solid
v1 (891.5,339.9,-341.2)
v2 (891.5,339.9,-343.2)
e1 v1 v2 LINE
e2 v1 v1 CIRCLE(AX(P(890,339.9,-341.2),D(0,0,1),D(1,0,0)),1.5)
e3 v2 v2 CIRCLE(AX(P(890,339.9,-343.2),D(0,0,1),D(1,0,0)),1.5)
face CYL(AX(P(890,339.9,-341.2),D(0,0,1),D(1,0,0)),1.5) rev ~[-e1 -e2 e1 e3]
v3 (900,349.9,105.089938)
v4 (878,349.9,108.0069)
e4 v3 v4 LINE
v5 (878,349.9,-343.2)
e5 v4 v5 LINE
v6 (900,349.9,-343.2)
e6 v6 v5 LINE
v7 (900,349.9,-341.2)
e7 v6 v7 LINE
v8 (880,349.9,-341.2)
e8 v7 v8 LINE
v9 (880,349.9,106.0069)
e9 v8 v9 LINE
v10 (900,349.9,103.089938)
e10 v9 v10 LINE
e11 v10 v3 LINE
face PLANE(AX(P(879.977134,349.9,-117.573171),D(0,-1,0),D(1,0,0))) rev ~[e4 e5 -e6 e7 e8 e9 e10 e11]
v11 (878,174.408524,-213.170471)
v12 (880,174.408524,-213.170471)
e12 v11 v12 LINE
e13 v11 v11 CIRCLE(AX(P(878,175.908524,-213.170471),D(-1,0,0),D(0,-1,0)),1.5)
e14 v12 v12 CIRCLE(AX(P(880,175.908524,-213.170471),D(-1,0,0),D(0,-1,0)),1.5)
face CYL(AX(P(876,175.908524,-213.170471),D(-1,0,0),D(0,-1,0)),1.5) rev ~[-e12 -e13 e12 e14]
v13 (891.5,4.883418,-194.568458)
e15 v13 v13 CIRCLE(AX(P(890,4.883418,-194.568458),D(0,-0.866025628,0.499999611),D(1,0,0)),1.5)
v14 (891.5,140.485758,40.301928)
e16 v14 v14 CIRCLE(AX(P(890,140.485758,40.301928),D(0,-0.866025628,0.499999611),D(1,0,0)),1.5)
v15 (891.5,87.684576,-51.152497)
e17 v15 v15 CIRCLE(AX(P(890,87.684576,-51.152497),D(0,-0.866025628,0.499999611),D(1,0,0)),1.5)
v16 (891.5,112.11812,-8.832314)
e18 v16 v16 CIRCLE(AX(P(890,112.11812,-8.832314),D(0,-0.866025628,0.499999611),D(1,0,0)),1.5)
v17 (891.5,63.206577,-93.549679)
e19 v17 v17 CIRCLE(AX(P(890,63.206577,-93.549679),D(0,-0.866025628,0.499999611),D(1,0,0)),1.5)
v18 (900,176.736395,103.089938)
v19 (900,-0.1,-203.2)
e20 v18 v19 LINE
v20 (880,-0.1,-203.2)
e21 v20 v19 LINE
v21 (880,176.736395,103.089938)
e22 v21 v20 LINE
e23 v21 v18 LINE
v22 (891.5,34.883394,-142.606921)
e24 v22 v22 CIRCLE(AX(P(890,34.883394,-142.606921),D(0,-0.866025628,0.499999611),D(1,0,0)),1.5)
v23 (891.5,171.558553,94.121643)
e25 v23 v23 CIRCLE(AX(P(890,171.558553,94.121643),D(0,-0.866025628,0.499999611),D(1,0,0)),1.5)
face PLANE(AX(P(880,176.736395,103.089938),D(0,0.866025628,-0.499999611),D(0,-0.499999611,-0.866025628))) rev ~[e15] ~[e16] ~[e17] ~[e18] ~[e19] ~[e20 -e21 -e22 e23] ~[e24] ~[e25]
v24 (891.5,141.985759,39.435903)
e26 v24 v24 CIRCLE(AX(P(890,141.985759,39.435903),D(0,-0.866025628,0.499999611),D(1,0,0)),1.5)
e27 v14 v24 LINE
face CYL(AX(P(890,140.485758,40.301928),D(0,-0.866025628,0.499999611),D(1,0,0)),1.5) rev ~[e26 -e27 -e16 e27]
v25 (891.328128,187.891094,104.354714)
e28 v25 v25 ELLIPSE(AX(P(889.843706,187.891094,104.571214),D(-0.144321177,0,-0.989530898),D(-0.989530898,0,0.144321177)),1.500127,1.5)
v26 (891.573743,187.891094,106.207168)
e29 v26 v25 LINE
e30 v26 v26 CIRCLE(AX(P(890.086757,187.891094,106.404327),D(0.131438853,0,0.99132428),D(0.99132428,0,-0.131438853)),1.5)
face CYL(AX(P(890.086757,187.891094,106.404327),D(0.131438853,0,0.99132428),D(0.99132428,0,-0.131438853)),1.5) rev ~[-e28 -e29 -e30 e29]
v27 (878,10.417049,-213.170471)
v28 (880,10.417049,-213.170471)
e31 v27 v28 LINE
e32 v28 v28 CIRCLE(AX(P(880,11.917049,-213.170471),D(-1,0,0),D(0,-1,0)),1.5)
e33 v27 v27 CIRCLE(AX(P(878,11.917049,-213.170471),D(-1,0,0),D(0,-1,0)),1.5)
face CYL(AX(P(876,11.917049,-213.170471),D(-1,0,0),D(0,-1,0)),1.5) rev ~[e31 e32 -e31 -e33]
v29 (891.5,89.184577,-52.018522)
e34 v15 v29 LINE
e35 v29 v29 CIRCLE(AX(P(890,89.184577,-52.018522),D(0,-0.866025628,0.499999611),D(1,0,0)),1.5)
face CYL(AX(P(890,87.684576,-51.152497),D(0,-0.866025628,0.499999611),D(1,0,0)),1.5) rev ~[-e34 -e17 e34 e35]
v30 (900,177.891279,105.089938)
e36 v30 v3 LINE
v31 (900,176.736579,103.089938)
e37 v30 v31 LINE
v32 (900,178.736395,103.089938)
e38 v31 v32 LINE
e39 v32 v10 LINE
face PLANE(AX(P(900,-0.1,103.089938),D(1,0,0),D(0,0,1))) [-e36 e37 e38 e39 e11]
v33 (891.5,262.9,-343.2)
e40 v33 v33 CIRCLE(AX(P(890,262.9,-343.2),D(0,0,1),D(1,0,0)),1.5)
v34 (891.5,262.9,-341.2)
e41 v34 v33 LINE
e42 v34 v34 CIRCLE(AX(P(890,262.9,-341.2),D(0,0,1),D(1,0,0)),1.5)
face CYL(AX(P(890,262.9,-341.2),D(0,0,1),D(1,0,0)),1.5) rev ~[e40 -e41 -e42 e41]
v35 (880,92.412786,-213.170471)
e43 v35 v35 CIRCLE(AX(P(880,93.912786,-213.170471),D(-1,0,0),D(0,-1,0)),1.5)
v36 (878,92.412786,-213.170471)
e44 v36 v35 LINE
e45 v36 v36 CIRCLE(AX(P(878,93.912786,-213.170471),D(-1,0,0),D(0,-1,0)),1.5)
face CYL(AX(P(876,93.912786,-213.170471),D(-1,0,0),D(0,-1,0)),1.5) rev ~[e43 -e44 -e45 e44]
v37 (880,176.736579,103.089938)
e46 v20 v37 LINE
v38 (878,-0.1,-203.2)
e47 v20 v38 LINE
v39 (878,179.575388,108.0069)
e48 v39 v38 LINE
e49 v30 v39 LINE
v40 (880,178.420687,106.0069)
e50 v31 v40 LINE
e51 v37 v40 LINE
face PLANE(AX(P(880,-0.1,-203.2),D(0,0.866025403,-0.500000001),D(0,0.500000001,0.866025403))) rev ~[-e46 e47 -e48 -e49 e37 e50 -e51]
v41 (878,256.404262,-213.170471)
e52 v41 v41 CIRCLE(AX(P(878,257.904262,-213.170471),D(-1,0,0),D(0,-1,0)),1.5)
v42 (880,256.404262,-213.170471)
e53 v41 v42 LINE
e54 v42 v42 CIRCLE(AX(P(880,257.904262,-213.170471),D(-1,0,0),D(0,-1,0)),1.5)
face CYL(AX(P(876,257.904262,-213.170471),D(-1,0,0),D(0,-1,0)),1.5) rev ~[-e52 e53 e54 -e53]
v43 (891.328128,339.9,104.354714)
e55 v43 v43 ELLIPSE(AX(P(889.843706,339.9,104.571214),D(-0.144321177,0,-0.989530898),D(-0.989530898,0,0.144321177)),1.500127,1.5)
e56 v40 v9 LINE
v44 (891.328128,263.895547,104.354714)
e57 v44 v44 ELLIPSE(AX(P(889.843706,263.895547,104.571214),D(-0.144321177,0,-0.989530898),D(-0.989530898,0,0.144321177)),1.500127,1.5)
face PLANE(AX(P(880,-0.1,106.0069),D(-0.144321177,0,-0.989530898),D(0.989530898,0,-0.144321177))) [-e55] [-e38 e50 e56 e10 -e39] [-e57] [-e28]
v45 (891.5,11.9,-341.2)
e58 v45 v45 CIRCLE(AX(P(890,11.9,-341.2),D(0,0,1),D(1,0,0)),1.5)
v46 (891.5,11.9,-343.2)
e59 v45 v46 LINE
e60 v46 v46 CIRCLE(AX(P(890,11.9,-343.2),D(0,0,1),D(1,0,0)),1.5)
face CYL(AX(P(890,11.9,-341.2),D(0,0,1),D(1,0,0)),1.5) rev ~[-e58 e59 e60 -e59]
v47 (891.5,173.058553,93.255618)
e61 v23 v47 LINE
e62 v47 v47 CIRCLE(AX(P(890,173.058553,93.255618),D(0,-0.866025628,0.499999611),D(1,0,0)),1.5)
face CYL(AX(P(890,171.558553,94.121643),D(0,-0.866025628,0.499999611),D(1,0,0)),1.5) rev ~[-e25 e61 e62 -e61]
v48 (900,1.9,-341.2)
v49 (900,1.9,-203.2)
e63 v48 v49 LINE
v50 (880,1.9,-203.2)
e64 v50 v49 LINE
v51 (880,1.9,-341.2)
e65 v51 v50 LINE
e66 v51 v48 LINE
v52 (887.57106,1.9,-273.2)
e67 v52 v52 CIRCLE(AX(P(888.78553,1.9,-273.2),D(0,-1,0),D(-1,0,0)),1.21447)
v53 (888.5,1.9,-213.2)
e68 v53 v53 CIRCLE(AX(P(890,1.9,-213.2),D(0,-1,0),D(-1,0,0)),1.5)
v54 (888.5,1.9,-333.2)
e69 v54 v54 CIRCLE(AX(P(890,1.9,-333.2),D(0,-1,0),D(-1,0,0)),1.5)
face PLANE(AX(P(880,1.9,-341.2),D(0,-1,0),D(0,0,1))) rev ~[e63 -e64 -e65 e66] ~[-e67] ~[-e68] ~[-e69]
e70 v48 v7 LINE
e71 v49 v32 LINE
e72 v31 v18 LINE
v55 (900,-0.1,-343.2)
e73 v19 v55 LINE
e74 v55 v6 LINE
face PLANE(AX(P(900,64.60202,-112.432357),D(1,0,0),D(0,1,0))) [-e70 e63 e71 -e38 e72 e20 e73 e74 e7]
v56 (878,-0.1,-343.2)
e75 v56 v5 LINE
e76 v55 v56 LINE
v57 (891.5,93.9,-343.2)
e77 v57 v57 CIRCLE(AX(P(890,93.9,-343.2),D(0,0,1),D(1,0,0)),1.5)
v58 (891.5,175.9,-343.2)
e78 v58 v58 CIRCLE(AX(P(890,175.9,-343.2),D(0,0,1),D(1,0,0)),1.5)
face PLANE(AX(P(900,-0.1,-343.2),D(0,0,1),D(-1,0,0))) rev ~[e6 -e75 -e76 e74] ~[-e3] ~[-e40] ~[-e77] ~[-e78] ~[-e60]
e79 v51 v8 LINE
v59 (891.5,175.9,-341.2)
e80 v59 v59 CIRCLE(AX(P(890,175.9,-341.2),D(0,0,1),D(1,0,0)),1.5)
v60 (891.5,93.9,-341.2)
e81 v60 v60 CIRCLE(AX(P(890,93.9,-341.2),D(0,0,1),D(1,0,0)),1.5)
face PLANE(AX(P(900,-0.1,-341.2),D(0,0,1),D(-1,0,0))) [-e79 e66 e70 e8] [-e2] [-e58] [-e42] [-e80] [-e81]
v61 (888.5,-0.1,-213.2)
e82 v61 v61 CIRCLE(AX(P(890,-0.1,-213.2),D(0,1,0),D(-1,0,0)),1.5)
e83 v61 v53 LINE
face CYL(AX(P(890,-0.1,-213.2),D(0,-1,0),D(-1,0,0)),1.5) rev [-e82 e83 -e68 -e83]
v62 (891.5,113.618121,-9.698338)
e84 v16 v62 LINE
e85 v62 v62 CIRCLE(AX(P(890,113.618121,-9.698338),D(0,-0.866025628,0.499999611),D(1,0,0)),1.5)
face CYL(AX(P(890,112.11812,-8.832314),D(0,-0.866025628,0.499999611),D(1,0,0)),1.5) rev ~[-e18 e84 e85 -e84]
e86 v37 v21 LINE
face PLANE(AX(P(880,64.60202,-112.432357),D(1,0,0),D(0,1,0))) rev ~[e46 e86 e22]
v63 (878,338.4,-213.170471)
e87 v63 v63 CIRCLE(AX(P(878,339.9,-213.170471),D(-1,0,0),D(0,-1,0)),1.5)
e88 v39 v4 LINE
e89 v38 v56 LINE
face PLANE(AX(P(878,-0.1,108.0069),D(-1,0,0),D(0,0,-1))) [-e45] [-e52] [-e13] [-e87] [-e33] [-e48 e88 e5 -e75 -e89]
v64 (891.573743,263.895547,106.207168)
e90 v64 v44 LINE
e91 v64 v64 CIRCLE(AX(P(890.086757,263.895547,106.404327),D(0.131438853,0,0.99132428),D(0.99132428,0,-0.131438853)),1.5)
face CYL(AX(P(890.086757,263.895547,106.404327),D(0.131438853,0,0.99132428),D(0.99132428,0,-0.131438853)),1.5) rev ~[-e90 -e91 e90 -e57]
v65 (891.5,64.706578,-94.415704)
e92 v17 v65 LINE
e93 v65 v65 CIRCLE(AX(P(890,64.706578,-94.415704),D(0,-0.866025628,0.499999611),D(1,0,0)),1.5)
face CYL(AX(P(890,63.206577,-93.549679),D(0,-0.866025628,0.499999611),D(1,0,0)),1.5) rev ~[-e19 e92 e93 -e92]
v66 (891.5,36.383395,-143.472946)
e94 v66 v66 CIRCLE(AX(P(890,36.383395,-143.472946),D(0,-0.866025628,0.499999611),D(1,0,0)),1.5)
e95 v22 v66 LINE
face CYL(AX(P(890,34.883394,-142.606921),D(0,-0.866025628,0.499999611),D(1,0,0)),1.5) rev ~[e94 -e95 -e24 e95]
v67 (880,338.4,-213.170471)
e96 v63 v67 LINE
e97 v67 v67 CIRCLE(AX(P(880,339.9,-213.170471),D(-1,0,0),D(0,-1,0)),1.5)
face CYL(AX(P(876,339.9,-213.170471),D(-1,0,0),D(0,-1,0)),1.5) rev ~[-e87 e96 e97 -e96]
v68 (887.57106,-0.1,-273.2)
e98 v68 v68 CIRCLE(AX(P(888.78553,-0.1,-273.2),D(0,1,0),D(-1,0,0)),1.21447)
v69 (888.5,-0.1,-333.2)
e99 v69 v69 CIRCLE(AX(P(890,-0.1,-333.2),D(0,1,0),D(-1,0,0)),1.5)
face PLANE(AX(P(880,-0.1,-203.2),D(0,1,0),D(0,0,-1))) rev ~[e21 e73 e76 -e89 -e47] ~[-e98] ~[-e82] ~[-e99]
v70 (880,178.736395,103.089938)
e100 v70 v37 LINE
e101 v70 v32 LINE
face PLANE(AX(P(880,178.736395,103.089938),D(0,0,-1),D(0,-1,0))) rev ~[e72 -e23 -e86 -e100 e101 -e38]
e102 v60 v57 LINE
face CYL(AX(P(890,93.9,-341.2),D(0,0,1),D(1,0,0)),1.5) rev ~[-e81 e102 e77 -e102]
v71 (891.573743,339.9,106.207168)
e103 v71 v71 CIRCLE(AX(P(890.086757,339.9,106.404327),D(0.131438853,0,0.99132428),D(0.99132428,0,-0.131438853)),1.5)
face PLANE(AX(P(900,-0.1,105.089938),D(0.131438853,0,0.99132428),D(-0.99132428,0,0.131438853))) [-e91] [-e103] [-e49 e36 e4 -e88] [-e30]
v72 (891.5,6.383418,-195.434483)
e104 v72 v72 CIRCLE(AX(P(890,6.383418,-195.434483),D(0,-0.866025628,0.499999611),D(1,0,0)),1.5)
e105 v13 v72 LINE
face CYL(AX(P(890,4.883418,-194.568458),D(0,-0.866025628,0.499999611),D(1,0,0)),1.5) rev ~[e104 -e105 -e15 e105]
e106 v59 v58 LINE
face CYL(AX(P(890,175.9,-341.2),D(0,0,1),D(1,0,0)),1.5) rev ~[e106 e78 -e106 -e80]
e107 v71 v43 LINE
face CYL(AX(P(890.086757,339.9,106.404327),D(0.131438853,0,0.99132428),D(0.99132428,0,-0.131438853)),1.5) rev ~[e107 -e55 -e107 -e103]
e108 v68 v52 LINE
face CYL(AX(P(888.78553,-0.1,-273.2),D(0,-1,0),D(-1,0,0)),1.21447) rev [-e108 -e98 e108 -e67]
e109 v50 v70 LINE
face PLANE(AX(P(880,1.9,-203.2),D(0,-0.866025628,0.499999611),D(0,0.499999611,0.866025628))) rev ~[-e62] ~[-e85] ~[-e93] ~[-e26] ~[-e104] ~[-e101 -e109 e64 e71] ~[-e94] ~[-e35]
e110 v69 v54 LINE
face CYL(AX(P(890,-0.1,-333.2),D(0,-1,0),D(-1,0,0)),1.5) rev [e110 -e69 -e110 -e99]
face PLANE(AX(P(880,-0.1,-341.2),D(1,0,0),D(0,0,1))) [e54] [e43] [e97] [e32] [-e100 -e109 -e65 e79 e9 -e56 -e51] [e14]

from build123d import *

# Parameters (mm, degrees)
PAD007_DEPTH         = 350
POCKET009_DEPTH      = 2.001
POCKET009_DEPTH_BACK = 20.001
PAD008_DEPTH         = 20
SKETCH023_R          = 1.5
SKETCH023_R_2        = 1.21447
POCKET010_DEPTH      = 3
SKETCH024_R          = 1.5
POCKET011_DEPTH      = 5
SKETCH025_R          = 1.5
POCKET012_DEPTH      = 5
SKETCH026_R          = 1.5
POCKET013_DEPTH      = 5
SKETCH070_R          = 1.5
POCKET046_DEPTH      = 5


with BuildPart() as part:
    # Sketch020 (on Face1 of Binder004) → Pad007 (new body)
    with BuildSketch(Plane(origin=(0, -4.1, 0), x_dir=(-1, 0, 0), z_dir=(0, 1, 0))):
        Polygon((-1160, -341.2), (-1160, 106.0068995871), (-1180, 103.0899380794), (-1180, 105.0899380794), (-1158, 108.0068995871), (-1158, -343.2), (-1160, -343.2), (-1180, -343.2), (-1180, -341.2), align=None)
    extrude(amount=PAD007_DEPTH)

    # Sketch021 (on Face3 of Pad007) → Pocket009 (cut, two sides)
    with BuildSketch(Plane.YZ.offset(1160)) as pocket009_sk:
        Polygon((-4.1, -203.2), (175.5753880751, 108.0069), (-4.1, 108.0069), align=None)
    extrude(amount=-POCKET009_DEPTH, mode=Mode.SUBTRACT)
    extrude(pocket009_sk.sketch, amount=POCKET009_DEPTH_BACK, mode=Mode.SUBTRACT)

    # Sketch022 (on Face7 of Pocket009) → Pad008 (join)
    with BuildSketch(Plane.YZ.offset(1160)):
        Polygon((-4.1, -341.2), (-2.1, -341.2), (-2.1, -203.2), (174.7363949149, 103.0899380794), (172.7363949149, 103.0899380794), (-4.1, -203.2), align=None)
    extrude(amount=PAD008_DEPTH)

    # Sketch023 (on Face1 of Binder004) → Pocket010 (cut)
    with BuildSketch(Plane(origin=(0, -4.1, 0), x_dir=(-1, 0, 0), z_dir=(0, 1, 0))):
        with Locations((-1170, -333.2)):
            Circle(SKETCH023_R)
        with Locations((-1168.78553, -273.2)):
            Circle(SKETCH023_R_2)
        with Locations((-1170, -213.2)):
            Circle(SKETCH023_R)
    extrude(amount=POCKET010_DEPTH, mode=Mode.SUBTRACT)

    # Sketch024 (on Face11 of Pocket010) → Pocket011 (cut)
    with BuildSketch(Plane(origin=(0, 84.9131338325, -49.0245698635), x_dir=(1, 0, 0), z_dir=(0, -0.8660256282, 0.4999996113))):
        with Locations((1170, -168.059563)):
            Circle(SKETCH024_R)
        with Locations((1170, -2.4571175269)):
            Circle(SKETCH024_R)
        with Locations((1170, 165.290966)):
            Circle(SKETCH024_R)
        with Locations((1170, -108.059563)):
            Circle(SKETCH024_R)
        with Locations((1170, -51.413154)):
            Circle(SKETCH024_R)
        with Locations((1170, 46.410008)):
            Circle(SKETCH024_R)
        with Locations((1170, 103.145328)):
            Circle(SKETCH024_R)
    extrude(amount=-POCKET011_DEPTH, mode=Mode.SUBTRACT)

    # Sketch025 (on Face10 of Pocket011) → Pocket012 (cut)
    with BuildSketch(Plane(origin=(34.0789471152, 0, 257.0266472675), x_dir=(0.9913242799, 0, -0.131438853), z_dir=(0.131438853, 0, 0.9913242799))):
        with Locations((1145.949749, 183.891094)):
            Circle(SKETCH025_R)
        with Locations((1145.949749, 259.895547)):
            Circle(SKETCH025_R)
        with Locations((1145.949749, 335.9)):
            Circle(SKETCH025_R)
    extrude(amount=-POCKET012_DEPTH, mode=Mode.SUBTRACT)

    # Sketch026 (on Face6 of Pocket012) → Pocket013 (cut)
    with BuildSketch(Plane.XY.offset(-341.2)):
        with Locations((1170, 335.9)):
            Circle(SKETCH026_R)
        with Locations((1170, 258.9)):
            Circle(SKETCH026_R)
        with Locations((1170, 171.9)):
            Circle(SKETCH026_R)
        with Locations((1170, 89.9)):
            Circle(SKETCH026_R)
        with Locations((1170, 7.9)):
            Circle(SKETCH026_R)
    extrude(amount=-POCKET013_DEPTH, mode=Mode.SUBTRACT)

    # Sketch070 (on Face1 of Binder020) → Pocket046 (cut)
    with BuildSketch(Plane(origin=(1156, 0, 0), x_dir=(0, -1, 0), z_dir=(-1, 0, 0))):
        with Locations((-7.917049, -213.170471)):
            Circle(SKETCH070_R)
        with Locations((-89.912786, -213.170471)):
            Circle(SKETCH070_R)
        with Locations((-171.908524, -213.170471)):
            Circle(SKETCH070_R)
        with Locations((-253.904262, -213.170471)):
            Circle(SKETCH070_R)
        with Locations((-335.9, -213.170471)):
            Circle(SKETCH070_R)
    extrude(amount=-POCKET046_DEPTH, mode=Mode.SUBTRACT)


with BuildPart() as part_1:
    # Body004 placement: moved
    add(part.part.moved(Location((-280, 4, 0))))


solid = part_1.part
